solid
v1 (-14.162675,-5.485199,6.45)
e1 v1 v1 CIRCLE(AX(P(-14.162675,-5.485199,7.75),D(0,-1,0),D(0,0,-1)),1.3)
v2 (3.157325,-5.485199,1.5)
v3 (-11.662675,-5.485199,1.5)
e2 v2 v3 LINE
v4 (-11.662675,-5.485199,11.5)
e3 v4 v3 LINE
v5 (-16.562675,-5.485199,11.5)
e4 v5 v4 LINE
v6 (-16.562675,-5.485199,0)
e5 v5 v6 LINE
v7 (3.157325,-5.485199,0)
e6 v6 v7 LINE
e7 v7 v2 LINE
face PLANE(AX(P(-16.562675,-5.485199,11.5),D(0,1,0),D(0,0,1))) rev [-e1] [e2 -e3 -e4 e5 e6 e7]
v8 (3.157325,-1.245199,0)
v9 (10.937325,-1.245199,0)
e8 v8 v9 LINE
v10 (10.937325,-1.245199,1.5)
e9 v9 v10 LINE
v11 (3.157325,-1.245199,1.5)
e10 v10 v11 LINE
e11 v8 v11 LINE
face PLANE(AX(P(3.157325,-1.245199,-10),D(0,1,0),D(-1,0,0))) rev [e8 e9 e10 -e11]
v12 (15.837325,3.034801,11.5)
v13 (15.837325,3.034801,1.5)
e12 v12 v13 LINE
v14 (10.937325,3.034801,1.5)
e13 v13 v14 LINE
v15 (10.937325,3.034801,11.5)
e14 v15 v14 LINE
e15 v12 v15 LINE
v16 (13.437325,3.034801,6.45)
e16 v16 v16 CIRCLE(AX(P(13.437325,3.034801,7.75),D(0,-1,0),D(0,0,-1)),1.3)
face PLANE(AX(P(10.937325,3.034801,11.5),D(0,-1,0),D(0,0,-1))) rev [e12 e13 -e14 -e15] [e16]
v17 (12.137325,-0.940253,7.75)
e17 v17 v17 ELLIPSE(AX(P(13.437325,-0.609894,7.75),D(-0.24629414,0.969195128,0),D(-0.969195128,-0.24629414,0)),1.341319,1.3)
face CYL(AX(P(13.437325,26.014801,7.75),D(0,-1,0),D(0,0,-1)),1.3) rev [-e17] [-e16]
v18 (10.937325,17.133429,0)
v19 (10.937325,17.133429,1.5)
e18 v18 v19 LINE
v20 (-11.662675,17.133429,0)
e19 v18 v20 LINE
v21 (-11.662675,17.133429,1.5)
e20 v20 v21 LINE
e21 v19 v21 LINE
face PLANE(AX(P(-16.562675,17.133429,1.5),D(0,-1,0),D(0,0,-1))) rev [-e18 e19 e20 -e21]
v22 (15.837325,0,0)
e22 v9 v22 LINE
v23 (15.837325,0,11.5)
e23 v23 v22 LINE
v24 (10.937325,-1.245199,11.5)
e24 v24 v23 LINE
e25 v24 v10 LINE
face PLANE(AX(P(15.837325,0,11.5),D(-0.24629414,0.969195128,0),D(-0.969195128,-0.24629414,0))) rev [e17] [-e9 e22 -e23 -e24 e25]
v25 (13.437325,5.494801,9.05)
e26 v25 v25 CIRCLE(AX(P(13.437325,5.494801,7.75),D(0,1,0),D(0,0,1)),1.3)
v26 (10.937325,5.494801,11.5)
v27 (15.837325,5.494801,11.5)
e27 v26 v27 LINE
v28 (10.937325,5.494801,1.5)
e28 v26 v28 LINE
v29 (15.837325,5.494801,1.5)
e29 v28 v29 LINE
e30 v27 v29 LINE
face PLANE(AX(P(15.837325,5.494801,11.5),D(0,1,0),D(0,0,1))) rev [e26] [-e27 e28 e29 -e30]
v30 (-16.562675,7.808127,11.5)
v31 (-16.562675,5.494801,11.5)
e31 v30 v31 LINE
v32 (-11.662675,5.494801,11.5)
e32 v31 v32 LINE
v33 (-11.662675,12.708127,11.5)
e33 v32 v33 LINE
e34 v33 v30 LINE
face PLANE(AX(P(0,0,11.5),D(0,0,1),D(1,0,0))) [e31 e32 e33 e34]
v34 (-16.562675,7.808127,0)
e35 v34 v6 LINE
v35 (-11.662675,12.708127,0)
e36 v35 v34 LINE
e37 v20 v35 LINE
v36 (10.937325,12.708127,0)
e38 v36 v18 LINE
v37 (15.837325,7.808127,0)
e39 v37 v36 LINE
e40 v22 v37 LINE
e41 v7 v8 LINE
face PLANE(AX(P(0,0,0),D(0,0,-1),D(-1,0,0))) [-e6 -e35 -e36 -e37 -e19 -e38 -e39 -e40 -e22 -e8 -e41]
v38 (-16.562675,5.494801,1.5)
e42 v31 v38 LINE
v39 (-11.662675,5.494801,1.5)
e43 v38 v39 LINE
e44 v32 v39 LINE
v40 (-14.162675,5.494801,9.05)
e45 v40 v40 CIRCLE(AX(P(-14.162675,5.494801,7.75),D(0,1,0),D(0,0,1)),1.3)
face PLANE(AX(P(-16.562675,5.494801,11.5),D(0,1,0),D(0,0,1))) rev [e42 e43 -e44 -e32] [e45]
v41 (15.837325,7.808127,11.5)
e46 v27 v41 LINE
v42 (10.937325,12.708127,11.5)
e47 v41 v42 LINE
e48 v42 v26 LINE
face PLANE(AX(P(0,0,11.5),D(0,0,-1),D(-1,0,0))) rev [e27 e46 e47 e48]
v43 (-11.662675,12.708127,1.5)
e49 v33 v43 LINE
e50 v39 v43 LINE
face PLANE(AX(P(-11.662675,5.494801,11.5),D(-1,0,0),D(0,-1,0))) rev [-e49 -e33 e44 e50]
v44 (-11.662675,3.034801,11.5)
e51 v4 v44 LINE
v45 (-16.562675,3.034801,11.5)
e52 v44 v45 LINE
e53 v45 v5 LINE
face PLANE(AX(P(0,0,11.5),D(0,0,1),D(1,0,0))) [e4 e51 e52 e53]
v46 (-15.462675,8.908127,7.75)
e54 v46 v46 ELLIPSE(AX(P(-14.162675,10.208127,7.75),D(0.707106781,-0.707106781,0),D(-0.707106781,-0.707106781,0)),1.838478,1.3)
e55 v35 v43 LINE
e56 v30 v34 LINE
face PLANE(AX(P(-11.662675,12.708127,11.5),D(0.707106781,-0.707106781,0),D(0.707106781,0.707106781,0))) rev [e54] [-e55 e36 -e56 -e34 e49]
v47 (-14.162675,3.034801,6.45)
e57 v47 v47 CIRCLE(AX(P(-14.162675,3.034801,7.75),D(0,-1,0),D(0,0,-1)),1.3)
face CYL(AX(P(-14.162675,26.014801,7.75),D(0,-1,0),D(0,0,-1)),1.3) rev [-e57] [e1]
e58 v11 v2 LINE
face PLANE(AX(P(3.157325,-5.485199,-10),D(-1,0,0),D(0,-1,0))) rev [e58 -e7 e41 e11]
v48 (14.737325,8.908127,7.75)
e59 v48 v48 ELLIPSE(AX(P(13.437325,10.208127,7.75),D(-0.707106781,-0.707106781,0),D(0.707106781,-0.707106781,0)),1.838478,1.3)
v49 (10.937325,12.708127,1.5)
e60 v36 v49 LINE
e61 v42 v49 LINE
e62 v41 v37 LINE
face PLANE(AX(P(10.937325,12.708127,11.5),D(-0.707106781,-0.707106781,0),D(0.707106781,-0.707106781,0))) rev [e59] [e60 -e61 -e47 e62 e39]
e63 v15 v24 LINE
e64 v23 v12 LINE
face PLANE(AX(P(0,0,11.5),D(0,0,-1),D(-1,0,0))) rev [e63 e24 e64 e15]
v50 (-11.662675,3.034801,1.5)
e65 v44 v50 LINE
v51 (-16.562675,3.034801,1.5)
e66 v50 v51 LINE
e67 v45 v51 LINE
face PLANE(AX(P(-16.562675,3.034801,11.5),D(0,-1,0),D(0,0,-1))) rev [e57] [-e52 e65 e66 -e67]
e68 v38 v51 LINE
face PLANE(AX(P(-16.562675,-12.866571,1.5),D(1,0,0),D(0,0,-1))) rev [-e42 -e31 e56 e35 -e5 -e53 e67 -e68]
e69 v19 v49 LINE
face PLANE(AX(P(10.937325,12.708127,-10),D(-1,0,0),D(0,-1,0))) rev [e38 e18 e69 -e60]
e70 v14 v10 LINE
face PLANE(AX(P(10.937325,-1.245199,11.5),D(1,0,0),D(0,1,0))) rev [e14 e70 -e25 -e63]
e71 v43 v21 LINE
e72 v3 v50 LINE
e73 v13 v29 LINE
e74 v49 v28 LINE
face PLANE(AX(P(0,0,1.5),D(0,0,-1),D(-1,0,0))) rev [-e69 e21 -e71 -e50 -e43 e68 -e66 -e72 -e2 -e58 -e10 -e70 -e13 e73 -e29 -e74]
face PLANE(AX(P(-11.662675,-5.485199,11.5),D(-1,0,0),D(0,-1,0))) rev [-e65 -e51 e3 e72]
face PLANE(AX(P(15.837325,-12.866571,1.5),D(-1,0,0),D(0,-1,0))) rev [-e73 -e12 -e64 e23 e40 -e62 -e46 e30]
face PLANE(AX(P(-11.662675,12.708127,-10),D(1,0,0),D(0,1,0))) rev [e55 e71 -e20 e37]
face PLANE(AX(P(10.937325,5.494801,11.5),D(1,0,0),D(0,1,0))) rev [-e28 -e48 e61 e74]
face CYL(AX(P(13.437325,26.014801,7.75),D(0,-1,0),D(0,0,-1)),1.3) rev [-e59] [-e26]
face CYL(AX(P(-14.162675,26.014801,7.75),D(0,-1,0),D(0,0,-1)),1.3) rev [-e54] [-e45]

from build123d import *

# Parameters (mm, degrees)
SKETCH_1_W          = 32.4
SKETCH_1_H          = 30
EXTRUDE_1_DEPTH     = 1.5
SKETCH_2_W          = 4.9
SKETCH_2_H          = 8.52
EXTRUDE_2_DEPTH     = 10
CUT_EXTRUDE_1_DEPTH = 11.5
SKETCH_4_R          = 1.3
CUT_EXTRUDE_2_DEPTH = 31.5


with BuildPart() as part:
    # 草图1 → 凸台-拉伸1 (new body)
    with BuildSketch(Plane.XY):
        with Locations((-0.362675268, 2.133428793)):
            Rectangle(SKETCH_1_W, SKETCH_1_H)
    extrude(amount=EXTRUDE_1_DEPTH)

    # 草图2 → 凸台-拉伸2 (add)
    with BuildSketch(Plane.XY.offset(1.5)):
        with Locations((-14.112675268, -1.225199495)):
            Rectangle(SKETCH_2_W, SKETCH_2_H)
        Polygon((-16.562675268, 5.494800505), (-11.662675268, 5.494800505), (-11.662675268, 12.70812694), (-16.562675268, 7.80812694), align=None)
        Polygon((10.937324732, 5.494800505), (10.937324732, 12.70812694), (15.837324732, 7.80812694), (15.837324732, 5.494800505), align=None)
        Polygon((10.937324732, 3.034800505), (15.837324732, 3.034800505), (15.837324732, 0), (10.937324732, -1.245199495), align=None)
    extrude(amount=EXTRUDE_2_DEPTH)

    # 草图3 → 切除-拉伸1 (cut)
    with BuildSketch(Plane.XY.offset(1.5)):
        Polygon((-16.562675268, 7.80812694), (-11.662675268, 12.70812694), (-11.662675268, 17.133428793), (-16.562675268, 17.133428793), align=None)
        Polygon((15.837324732, 7.80812694), (10.937324732, 12.70812694), (10.937324732, 17.133428793), (15.837324732, 17.133428793), align=None)
        Polygon((-16.562675268, -12.866571207), (-16.562675268, -8.702000753), (-16.562675268, -5.485199495), (3.157324732, -5.485199495), (3.157324732, -1.245199495), (10.937324732, -1.245199495), (15.837324732, 0), (15.837324732, -12.866571207), align=None)
    extrude(amount=-CUT_EXTRUDE_1_DEPTH, mode=Mode.SUBTRACT)

    # 草图4 → 切除-拉伸2 (cut)
    with BuildSketch(Plane.XZ.offset(5.485199495)):
        with Locations(Location((-14.162675268, 7.75, 0), (0, 0, 180))):
            Circle(SKETCH_4_R)
        with Locations(Location((13.437324732, 7.75, 0), (0, 0, 270))):
            Circle(SKETCH_4_R)
    extrude(amount=-CUT_EXTRUDE_2_DEPTH, mode=Mode.SUBTRACT)


solid = part.part
